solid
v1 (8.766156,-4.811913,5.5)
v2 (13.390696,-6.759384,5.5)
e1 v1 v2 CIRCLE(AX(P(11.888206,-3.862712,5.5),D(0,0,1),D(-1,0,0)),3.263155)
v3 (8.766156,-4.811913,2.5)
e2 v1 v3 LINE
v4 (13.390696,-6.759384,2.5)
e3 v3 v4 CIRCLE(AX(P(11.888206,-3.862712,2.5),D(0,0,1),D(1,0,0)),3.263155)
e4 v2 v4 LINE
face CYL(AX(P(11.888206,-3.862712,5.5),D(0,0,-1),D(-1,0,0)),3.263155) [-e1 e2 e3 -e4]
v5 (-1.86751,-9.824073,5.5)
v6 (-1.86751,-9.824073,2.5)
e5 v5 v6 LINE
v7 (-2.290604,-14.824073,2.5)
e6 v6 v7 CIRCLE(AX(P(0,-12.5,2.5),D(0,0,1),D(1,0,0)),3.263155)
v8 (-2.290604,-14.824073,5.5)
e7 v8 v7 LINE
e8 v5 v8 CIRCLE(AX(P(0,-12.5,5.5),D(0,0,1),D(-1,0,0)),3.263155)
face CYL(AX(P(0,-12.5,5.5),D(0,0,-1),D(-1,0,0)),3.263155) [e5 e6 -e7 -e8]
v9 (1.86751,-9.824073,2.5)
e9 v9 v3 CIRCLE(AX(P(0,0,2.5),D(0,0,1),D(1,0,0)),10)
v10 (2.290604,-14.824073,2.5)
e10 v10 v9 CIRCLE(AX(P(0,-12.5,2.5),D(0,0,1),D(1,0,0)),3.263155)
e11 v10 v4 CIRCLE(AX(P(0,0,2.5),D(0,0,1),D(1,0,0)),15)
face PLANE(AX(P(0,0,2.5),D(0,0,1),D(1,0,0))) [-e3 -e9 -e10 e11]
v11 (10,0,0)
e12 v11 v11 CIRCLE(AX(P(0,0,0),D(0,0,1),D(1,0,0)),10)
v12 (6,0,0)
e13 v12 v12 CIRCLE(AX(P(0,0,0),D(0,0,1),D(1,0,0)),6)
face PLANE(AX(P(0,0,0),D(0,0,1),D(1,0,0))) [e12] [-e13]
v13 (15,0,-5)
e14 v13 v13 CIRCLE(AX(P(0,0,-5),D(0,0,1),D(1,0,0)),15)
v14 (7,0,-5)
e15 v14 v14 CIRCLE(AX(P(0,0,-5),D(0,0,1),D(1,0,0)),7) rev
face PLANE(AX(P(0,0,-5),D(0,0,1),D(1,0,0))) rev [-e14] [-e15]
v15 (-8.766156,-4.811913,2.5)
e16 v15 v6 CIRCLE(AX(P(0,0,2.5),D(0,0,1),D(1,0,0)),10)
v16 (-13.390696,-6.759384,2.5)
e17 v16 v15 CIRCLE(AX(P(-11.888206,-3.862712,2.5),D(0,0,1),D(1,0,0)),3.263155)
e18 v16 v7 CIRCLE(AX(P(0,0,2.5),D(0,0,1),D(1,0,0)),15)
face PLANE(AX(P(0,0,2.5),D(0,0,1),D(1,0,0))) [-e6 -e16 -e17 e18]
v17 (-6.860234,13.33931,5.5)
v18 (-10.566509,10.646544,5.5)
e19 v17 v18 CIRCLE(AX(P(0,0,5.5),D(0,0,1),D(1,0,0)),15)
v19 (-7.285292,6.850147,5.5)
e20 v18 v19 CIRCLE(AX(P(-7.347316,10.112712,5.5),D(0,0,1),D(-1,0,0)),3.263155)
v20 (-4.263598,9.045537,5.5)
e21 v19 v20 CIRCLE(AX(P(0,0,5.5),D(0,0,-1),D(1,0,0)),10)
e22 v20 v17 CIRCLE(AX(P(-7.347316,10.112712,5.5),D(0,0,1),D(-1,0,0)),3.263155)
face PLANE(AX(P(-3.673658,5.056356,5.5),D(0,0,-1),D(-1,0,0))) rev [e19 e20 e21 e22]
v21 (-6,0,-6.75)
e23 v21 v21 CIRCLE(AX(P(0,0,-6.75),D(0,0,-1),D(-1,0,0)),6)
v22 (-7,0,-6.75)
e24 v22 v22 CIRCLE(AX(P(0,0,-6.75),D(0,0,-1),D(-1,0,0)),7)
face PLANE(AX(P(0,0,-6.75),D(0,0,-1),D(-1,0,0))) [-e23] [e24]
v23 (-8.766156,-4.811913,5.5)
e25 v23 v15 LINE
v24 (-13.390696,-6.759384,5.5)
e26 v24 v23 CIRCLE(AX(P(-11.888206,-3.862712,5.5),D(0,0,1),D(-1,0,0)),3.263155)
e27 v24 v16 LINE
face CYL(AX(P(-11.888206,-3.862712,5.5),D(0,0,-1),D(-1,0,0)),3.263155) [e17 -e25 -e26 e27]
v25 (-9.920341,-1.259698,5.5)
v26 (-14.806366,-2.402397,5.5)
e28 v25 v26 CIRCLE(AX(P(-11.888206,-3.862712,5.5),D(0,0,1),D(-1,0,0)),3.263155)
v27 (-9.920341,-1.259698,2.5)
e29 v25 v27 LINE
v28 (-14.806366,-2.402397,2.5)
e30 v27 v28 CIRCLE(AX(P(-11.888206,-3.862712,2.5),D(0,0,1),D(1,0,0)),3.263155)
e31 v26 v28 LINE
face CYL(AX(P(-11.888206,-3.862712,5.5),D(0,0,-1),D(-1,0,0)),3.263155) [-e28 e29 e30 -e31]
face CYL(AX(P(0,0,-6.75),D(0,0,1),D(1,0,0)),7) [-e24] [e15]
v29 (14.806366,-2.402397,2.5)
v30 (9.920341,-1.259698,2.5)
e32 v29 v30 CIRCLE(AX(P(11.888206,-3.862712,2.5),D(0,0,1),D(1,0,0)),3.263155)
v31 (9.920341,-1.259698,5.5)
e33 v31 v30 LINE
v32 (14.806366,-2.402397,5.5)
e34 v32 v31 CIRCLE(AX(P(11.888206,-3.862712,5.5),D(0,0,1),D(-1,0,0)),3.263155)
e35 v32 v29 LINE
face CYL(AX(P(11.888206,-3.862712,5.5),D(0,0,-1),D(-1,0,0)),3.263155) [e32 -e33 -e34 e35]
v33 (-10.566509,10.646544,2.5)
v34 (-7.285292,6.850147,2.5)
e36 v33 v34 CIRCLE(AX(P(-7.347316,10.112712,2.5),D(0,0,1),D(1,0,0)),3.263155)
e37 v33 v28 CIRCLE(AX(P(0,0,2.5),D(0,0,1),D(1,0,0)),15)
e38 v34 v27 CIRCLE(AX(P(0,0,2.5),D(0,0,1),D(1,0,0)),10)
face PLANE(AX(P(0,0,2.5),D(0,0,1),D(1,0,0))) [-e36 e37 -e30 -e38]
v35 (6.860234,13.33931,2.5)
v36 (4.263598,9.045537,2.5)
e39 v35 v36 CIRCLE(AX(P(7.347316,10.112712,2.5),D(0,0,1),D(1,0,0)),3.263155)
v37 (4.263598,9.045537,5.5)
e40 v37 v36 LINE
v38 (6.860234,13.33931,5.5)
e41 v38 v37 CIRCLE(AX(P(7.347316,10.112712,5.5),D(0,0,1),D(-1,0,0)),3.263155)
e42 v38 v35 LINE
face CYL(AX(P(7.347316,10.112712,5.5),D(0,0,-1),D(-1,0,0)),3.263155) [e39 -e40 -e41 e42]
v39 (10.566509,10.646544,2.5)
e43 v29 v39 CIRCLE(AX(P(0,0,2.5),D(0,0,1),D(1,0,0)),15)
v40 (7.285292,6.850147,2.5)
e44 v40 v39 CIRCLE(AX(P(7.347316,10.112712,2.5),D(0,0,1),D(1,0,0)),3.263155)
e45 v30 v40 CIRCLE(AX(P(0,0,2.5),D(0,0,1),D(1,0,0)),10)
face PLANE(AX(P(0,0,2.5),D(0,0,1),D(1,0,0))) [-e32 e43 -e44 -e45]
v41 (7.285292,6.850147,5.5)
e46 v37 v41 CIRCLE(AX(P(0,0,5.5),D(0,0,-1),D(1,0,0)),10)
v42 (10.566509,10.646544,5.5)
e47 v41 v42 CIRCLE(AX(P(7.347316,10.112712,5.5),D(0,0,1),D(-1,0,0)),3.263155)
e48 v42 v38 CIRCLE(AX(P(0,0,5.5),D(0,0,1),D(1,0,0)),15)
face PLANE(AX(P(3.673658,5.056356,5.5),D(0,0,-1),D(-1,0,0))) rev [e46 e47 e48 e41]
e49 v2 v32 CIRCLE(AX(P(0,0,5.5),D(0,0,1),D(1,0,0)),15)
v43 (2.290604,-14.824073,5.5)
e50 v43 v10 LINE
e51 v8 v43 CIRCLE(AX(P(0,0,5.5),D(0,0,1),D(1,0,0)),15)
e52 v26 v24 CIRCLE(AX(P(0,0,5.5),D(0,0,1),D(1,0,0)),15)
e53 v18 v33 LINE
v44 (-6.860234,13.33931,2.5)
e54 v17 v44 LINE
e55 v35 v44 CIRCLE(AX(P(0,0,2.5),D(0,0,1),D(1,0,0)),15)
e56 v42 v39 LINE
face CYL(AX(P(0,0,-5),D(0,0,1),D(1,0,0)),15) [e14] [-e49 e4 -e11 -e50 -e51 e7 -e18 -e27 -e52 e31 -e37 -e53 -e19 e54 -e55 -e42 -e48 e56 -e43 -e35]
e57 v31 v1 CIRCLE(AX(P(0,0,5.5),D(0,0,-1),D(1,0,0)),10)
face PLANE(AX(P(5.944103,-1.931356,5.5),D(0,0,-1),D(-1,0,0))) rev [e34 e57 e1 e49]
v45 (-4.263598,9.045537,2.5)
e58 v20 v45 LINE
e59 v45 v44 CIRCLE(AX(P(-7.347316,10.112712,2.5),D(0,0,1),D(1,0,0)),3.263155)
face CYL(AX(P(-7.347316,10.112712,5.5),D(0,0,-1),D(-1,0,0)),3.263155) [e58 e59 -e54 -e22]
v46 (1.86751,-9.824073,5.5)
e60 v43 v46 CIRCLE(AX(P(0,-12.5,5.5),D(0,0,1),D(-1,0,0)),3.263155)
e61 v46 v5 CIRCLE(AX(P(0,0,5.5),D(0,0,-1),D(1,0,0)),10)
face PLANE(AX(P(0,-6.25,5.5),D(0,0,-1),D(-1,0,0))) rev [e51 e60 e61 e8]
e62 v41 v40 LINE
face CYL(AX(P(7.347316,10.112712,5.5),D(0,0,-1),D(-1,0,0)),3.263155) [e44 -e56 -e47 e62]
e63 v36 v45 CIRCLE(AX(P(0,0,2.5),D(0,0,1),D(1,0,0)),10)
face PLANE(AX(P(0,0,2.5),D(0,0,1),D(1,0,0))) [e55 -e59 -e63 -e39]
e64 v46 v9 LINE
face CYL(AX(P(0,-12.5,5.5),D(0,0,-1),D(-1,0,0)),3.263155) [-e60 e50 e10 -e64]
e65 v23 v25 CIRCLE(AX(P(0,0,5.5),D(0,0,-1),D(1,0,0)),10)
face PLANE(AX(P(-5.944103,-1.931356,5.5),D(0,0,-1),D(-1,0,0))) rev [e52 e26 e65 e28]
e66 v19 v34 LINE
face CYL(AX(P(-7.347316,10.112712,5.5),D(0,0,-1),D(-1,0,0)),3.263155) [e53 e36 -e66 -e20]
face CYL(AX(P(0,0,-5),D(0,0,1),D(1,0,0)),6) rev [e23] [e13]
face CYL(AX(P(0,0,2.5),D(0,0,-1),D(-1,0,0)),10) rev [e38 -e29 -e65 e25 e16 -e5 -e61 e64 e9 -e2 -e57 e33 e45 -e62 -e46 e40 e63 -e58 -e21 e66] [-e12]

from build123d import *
from build123d.topology import SkipClean

# Parameters (mm, degrees)
SKETCH1_R           = 15
SKETCH1_R_2         = 10
SKETCH1_R_3         = 6
BOSS_EXTRUDE1_DEPTH = 5
BOSS_EXTRUDE2_START = 2.5
SKETCH2_R           = 15
SKETCH2_R_2         = 10
BOSS_EXTRUDE2_DEPTH = 2.5
BOSS_EXTRUDE4_START = 3
BOSS_EXTRUDE4_DEPTH = 3
SKETCH4_R           = 7
SKETCH4_R_2         = 6
BOSS_EXTRUDE5_DEPTH = 1.75


with BuildPart() as part:
    # Sketch1 → Boss-Extrude1 (new body)
    # profile 1 of 2: a face of its own
    with BuildSketch(Plane.XY):
        Circle(SKETCH1_R)
        Circle(SKETCH1_R_2, mode=Mode.SUBTRACT)
    # profile 2 of 2: a face of its own
    with BuildSketch(Plane.XY):
        Circle(SKETCH1_R_2)
        Circle(SKETCH1_R_3, mode=Mode.SUBTRACT)
    extrude(amount=-BOSS_EXTRUDE1_DEPTH)

    # Sketch2 → Boss-Extrude2 (add)
    with BuildSketch(Plane.XY.offset(BOSS_EXTRUDE2_START)):
        Circle(SKETCH2_R)
        Circle(SKETCH2_R_2, mode=Mode.SUBTRACT)
    extrude(amount=-BOSS_EXTRUDE2_DEPTH)

    # Sketch3 → Boss-Extrude4 (add)
    with SkipClean():  # the faces are left unmerged after this step: merging them gives an invalid solid
        with BuildSketch(Plane.XY.offset(2.5).offset(BOSS_EXTRUDE4_START)):
            with BuildLine():
                ThreePointArc((-2.290603582, -14.824072829), (0, -15), (2.290603582, -14.824072829))
                ThreePointArc((2.290603582, -14.824072829), (3.086155614, -13.560105094), (3.235238064, -12.074072829))
                ThreePointArc((3.235238064, -12.074072829), (2.788392741, -10.80499404), (1.867509855, -9.824072829))
                ThreePointArc((1.867509855, -9.824072829), (0, -10), (-1.867509855, -9.824072829))
                ThreePointArc((-1.867509855, -9.824072829), (-2.788392741, -10.80499404), (-3.235238064, -12.074072829))
                ThreePointArc((-3.235238064, -12.074072829), (-3.086155614, -13.560105094), (-2.290603582, -14.824072829))
            make_face()
            with BuildLine():
                ThreePointArc((-14.806366496, -2.402396967), (-14.265847744, -4.635254916), (-13.390695627, -6.759383893))
                ThreePointArc((-13.390695627, -6.759383893), (-11.942751779, -7.125411327), (-10.483382099, -6.807987938))
                ThreePointArc((-10.483382099, -6.807987938), (-9.414499246, -5.990845869), (-8.766156198, -4.811912875))
                ThreePointArc((-8.766156198, -4.811912875), (-9.510565163, -3.090169944), (-9.920340763, -1.259698041))
                ThreePointArc((-9.920340763, -1.259698041), (-11.137820734, -0.687007696), (-12.482869184, -0.654199453))
                ThreePointArc((-12.482869184, -0.654199453), (-13.850100843, -1.255194512), (-14.806366496, -2.402396967))
            make_face()
            with BuildLine():
                ThreePointArc((-6.860234162, 13.339309849), (-8.816778784, 12.135254916), (-10.566508613, 10.64654384))
                ThreePointArc((-10.566508613, 10.64654384), (-10.467182133, 9.15635871), (-9.714324518, 7.866504888))
                ThreePointArc((-9.714324518, 7.866504888), (-8.606873263, 7.102447672), (-7.285292336, 6.850147121))
                ThreePointArc((-7.285292336, 6.850147121), (-5.877852523, 8.090169944), (-4.263597916, 9.045536624))
                ThreePointArc((-4.263597916, 9.045536624), (-4.095159033, 10.380399934), (-4.479599369, 11.669755331))
                ThreePointArc((-4.479599369, 11.669755331), (-5.473677455, 12.784352223), (-6.860234162, 13.339309849))
            make_face()
            with BuildLine():
                ThreePointArc((10.566508613, 10.64654384), (8.816778784, 12.135254916), (6.860234162, 13.339309849))
                ThreePointArc((6.860234162, 13.339309849), (5.473677455, 12.784352223), (4.479599369, 11.669755331))
                ThreePointArc((4.479599369, 11.669755331), (4.095159033, 10.380399934), (4.263597916, 9.045536624))
                ThreePointArc((4.263597916, 9.045536624), (5.877852523, 8.090169944), (7.285292336, 6.850147121))
                ThreePointArc((7.285292336, 6.850147121), (8.606873263, 7.102447672), (9.714324518, 7.866504888))
                ThreePointArc((9.714324518, 7.866504888), (10.467182133, 9.15635871), (10.566508613, 10.64654384))
            make_face()
            with BuildLine():
                ThreePointArc((13.390695627, -6.759383893), (14.265847744, -4.635254916), (14.806366496, -2.402396967))
                ThreePointArc((14.806366496, -2.402396967), (13.850100843, -1.255194512), (12.482869184, -0.654199453))
                ThreePointArc((12.482869184, -0.654199453), (11.137820734, -0.687007696), (9.920340763, -1.259698041))
                ThreePointArc((9.920340763, -1.259698041), (9.510565163, -3.090169944), (8.766156198, -4.811912875))
                ThreePointArc((8.766156198, -4.811912875), (9.414499246, -5.990845869), (10.483382099, -6.807987938))
                ThreePointArc((10.483382099, -6.807987938), (11.942751779, -7.125411327), (13.390695627, -6.759383893))
            make_face()
        extrude(amount=-BOSS_EXTRUDE4_DEPTH)

    # Sketch4 → Boss-Extrude5 (add)
    with SkipClean():  # the faces are left unmerged after this step: merging them gives an invalid solid
        with BuildSketch(Plane(origin=(0, 0, -5), x_dir=(-1, 0, 0), z_dir=(0, 0, -1))):
            with Locations(Location((0, 0, 0), (0, 0, 180))):
                Circle(SKETCH4_R)
            with Locations(Location((0, 0, 0), (0, 0, 180))):
                Circle(SKETCH4_R_2, mode=Mode.SUBTRACT)
        extrude(amount=BOSS_EXTRUDE5_DEPTH)


solid = part.part
